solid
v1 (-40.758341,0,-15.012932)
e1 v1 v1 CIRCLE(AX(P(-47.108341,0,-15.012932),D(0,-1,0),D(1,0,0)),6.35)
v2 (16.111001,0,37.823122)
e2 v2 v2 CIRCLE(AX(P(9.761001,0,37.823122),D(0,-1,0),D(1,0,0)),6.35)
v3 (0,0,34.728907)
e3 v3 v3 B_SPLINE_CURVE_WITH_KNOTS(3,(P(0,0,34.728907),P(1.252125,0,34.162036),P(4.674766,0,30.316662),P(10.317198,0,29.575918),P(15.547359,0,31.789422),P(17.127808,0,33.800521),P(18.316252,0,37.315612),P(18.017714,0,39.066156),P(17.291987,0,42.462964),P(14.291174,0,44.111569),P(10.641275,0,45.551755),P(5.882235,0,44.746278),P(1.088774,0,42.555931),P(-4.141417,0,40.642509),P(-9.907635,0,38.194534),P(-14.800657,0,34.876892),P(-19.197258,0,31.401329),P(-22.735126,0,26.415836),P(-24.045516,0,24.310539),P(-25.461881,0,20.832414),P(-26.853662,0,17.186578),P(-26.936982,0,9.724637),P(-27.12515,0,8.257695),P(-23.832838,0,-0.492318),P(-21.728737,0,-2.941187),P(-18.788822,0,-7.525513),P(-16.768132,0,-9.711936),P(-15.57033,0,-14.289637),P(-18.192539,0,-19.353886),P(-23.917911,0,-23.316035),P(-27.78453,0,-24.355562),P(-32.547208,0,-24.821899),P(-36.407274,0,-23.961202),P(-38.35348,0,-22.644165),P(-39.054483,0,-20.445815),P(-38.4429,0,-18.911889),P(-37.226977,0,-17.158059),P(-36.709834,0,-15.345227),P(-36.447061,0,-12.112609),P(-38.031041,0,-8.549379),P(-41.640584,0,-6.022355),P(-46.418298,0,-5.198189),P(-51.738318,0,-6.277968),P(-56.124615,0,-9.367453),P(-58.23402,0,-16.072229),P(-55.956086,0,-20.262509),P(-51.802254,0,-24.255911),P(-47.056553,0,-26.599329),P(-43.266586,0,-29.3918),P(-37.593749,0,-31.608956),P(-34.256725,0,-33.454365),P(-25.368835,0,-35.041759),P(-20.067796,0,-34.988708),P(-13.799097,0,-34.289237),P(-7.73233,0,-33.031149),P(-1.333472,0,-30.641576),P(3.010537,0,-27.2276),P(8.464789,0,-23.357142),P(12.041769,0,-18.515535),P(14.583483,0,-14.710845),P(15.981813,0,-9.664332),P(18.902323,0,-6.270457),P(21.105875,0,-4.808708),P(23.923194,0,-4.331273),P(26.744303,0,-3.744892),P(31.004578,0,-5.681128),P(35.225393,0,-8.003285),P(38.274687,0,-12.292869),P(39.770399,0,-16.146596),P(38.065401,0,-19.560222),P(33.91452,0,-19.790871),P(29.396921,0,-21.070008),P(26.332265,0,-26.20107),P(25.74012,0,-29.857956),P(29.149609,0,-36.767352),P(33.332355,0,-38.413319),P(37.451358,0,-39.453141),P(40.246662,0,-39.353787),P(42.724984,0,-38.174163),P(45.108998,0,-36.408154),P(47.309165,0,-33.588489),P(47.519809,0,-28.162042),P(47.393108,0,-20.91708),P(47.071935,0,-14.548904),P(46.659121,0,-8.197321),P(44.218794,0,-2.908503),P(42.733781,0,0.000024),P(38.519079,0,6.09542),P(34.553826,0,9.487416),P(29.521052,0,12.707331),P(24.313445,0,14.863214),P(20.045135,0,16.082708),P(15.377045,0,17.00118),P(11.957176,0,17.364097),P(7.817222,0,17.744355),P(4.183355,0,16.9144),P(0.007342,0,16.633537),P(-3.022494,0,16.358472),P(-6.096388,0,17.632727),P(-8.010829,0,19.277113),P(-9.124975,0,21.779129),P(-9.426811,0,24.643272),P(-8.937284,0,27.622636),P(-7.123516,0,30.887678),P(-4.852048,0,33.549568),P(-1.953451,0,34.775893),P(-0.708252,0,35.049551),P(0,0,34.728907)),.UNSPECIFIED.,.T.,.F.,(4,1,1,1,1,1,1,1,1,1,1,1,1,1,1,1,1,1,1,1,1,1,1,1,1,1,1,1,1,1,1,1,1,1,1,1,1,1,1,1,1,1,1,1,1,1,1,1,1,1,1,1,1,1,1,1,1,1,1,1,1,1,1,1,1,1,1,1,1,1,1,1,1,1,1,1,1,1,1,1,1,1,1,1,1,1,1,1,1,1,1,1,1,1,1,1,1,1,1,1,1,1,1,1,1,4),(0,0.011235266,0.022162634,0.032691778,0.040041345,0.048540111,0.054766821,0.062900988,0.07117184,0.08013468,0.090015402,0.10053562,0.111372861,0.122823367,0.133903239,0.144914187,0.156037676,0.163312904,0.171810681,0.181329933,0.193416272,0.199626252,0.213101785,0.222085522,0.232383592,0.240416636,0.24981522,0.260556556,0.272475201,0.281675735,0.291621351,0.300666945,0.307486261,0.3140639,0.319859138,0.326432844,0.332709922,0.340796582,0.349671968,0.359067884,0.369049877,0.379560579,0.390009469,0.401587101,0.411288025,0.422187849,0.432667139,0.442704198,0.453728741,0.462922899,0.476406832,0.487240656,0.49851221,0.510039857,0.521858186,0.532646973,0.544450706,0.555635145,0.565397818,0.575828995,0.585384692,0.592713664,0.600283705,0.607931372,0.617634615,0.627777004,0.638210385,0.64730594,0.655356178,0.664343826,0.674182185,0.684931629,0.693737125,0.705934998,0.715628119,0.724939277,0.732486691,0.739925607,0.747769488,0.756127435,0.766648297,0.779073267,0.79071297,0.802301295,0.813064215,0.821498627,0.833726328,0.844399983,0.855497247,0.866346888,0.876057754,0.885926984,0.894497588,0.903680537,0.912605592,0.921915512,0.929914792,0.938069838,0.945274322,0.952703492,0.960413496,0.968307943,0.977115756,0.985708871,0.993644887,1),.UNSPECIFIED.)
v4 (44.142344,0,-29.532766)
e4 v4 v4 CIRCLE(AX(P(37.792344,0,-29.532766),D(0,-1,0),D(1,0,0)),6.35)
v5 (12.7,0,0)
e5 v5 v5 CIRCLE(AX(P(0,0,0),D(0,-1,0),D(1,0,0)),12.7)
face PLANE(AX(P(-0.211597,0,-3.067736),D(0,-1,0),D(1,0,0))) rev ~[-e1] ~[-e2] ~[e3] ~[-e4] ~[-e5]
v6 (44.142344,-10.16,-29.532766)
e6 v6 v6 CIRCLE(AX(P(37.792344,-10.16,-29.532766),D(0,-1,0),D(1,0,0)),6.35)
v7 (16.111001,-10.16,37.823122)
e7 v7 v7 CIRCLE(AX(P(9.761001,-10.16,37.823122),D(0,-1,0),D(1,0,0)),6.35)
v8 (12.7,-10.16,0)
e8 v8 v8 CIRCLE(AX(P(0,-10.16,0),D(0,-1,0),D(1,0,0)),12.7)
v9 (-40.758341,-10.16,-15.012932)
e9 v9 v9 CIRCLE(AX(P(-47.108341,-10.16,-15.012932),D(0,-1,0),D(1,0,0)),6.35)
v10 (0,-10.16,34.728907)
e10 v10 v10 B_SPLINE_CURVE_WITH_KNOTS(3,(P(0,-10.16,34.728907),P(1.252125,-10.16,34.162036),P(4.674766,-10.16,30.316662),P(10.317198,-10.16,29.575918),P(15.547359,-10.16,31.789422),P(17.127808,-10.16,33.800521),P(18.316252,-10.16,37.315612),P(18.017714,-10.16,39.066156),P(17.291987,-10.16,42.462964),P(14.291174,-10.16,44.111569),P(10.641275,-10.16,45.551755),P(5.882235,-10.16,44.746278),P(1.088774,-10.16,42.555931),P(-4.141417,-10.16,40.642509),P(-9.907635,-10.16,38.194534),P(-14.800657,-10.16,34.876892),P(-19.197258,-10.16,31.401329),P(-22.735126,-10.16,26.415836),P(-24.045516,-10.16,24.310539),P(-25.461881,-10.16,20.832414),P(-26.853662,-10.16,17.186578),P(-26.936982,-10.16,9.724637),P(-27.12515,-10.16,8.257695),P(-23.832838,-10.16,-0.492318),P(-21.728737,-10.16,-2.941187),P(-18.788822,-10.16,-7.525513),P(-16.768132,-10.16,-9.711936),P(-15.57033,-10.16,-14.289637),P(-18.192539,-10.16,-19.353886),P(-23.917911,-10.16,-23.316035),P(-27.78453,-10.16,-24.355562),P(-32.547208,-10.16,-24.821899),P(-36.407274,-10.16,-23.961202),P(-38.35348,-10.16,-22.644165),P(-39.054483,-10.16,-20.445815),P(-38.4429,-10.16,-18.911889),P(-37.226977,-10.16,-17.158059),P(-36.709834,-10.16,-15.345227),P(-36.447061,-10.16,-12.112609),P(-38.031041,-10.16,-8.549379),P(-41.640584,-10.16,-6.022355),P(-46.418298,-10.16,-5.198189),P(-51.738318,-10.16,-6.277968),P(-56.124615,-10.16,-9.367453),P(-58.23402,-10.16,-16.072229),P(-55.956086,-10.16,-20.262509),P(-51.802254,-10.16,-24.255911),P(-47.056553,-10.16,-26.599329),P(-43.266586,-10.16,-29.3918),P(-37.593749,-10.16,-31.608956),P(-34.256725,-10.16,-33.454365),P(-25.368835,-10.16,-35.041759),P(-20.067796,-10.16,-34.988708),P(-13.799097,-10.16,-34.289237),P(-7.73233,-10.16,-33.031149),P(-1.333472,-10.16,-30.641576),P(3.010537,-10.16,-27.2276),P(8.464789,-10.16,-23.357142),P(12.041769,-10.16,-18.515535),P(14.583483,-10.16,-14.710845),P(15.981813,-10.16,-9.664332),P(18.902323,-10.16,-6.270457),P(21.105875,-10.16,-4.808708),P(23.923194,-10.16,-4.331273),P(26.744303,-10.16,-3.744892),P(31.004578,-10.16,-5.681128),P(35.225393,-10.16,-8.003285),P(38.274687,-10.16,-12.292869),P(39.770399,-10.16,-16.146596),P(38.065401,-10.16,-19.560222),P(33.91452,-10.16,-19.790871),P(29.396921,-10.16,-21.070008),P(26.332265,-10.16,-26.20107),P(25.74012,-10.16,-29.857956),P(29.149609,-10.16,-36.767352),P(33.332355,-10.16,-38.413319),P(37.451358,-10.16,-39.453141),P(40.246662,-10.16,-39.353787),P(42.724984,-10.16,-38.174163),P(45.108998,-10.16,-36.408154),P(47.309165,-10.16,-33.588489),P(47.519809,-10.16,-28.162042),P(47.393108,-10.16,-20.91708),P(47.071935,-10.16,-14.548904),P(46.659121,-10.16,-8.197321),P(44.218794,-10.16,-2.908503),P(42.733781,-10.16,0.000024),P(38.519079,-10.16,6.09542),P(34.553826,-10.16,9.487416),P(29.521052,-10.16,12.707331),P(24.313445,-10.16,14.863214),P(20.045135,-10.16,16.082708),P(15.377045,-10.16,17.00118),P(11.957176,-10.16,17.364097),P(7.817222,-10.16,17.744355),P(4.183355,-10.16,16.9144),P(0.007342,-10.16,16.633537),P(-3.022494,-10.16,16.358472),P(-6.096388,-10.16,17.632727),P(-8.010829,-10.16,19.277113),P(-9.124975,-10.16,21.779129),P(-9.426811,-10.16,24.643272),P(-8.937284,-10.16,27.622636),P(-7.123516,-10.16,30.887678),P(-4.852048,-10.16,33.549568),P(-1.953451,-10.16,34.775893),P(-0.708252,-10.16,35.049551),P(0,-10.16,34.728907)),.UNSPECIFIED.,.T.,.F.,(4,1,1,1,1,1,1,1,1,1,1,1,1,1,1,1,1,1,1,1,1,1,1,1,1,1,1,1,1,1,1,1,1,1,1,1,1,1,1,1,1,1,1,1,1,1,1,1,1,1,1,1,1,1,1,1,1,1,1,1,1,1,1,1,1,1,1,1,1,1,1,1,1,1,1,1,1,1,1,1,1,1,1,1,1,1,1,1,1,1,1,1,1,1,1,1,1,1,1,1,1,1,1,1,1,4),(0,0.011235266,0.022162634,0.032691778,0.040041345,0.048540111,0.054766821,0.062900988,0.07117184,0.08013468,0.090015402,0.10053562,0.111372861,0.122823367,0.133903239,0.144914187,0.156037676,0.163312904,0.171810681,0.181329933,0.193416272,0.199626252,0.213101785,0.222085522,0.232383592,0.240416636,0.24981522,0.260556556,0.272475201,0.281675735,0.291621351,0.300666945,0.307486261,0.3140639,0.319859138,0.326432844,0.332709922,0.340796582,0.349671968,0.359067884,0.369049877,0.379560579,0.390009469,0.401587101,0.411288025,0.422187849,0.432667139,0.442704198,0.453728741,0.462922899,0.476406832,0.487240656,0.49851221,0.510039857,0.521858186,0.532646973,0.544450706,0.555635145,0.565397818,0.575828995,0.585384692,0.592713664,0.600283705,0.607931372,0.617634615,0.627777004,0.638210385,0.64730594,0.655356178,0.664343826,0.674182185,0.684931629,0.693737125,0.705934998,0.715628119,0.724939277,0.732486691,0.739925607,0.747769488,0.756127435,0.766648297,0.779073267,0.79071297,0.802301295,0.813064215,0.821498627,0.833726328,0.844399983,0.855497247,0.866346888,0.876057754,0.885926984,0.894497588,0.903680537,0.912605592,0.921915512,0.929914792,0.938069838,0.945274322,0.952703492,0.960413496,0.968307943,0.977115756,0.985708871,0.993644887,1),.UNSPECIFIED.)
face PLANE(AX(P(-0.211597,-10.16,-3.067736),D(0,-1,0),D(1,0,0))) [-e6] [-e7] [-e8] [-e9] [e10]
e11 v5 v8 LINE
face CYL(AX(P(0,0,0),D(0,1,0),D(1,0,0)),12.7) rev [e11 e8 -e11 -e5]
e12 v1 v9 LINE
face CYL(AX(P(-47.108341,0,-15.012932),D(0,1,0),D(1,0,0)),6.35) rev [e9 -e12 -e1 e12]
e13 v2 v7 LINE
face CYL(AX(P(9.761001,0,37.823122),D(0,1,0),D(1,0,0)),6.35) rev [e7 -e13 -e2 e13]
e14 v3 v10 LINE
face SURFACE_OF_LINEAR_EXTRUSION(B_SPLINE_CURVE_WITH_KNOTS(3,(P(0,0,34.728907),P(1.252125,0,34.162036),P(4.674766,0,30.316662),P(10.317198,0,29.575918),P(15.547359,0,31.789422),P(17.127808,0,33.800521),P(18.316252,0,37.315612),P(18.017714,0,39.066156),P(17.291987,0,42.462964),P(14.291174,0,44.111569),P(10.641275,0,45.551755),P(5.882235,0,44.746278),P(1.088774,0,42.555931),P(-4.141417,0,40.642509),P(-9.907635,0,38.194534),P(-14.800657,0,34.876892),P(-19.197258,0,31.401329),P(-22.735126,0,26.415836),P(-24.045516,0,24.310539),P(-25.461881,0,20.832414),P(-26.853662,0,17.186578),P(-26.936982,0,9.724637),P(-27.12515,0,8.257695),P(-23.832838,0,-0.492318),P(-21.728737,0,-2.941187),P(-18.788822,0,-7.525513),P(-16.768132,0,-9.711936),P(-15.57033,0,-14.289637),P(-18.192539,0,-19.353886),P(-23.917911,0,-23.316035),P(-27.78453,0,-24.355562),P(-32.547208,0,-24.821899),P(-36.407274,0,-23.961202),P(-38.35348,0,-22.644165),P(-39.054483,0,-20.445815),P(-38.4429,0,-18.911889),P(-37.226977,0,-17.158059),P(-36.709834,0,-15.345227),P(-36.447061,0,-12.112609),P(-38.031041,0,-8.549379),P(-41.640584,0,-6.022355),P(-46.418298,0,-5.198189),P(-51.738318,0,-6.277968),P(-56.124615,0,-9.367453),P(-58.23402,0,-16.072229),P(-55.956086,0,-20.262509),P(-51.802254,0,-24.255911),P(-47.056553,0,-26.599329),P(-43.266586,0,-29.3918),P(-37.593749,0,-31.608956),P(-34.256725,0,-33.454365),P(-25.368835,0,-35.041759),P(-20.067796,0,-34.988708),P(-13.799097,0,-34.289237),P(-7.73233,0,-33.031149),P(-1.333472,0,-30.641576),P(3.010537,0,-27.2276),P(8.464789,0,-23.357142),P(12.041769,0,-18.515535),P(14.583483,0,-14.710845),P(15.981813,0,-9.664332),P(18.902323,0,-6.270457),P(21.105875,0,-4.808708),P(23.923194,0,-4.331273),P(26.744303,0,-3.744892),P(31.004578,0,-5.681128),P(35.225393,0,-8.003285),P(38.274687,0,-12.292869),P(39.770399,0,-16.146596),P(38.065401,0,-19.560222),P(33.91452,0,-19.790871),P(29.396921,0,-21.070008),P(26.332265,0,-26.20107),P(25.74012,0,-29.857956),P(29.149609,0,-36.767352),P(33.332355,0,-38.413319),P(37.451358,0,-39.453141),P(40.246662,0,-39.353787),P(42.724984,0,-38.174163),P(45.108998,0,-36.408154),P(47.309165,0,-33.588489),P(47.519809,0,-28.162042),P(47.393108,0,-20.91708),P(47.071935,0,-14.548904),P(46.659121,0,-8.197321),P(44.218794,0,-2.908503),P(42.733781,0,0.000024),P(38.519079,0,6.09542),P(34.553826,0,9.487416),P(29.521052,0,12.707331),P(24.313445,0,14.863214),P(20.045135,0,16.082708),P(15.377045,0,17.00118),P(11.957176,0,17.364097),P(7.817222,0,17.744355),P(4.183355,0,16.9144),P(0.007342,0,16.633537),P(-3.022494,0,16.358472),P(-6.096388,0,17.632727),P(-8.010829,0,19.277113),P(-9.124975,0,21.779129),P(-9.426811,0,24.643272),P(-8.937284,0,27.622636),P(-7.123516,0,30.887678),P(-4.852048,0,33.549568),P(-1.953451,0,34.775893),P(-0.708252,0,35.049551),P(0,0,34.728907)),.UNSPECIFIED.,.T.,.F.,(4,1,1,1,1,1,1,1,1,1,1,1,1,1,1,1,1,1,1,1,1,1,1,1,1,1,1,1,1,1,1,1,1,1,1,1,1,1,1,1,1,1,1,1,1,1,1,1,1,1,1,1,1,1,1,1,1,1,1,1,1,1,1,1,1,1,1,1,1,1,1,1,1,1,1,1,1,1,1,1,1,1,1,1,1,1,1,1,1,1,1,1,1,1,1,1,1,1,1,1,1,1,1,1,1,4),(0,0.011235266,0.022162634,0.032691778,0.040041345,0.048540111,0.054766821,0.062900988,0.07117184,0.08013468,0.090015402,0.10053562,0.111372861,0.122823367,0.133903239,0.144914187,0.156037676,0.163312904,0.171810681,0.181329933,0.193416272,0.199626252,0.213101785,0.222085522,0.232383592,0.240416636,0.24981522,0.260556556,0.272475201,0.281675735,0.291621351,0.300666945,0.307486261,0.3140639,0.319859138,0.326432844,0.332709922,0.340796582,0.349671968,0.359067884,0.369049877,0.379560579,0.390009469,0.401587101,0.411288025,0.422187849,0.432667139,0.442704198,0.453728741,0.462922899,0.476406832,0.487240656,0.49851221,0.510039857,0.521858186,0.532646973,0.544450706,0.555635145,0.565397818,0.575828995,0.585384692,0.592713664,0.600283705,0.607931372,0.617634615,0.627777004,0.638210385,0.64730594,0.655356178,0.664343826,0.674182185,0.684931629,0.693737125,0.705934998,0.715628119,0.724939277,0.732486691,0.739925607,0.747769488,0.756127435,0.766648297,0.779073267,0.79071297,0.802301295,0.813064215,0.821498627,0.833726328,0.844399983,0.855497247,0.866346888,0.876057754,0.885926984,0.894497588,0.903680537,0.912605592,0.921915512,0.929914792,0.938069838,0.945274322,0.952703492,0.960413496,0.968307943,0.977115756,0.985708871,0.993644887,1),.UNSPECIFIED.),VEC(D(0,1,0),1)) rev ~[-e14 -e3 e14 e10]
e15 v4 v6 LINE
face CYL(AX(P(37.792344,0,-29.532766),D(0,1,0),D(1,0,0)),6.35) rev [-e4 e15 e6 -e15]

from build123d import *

# Parameters (mm, degrees)
F0_R     = 6.35
F0_R_2   = 12.7
F1_DEPTH = 10.16


with BuildPart() as f1:
    # F0 (on Front) → F1 (new body)
    with BuildSketch(Plane.XZ):
        with BuildLine():
            add(Edge.make_bspline(
                [(0, 34.7289068795), (1.2521254161, 34.1620364114), (4.6747658348, 30.3166618548), (10.3171981632, 29.5759179882), (15.547358888, 31.7894219538), (17.1278084161, 33.8005212874), (18.3162520698, 37.3156123019), (18.0177138195, 39.0661556324), (17.2919869373, 42.4629638533), (14.2911743129, 44.111569174), (10.6412750724, 45.5517553799), (5.8822353125, 44.7462778868), (1.088773557, 42.555930884), (-4.1414172988, 40.6425093184), (-9.9076354794, 38.1945340026), (-14.8006570286, 34.8768920389), (-19.197258098, 31.4013289747), (-22.7351255595, 26.4158364657), (-24.0455164156, 24.3105394977), (-25.4618812484, 20.8324144314), (-26.853662001, 17.1865782324), (-26.9369823393, 9.7246373295), (-27.1251500212, 8.2576945313), (-23.8328378019, -0.4923179708), (-21.7287365858, -2.9411866456), (-18.7888223968, -7.5255132262), (-16.7681324295, -9.7119363712), (-15.5703298502, -14.2896368592), (-18.1925391349, -19.3538860847), (-23.91791133, -23.3160352952), (-27.7845299809, -24.355562463), (-32.5472080442, -24.8218989526), (-36.4072741246, -23.961201875), (-38.3534796345, -22.6441646688), (-39.0544825148, -20.4458154325), (-38.4429004433, -18.9118891679), (-37.2269770467, -17.1580594922), (-36.7098336656, -15.3452266873), (-36.4470608699, -12.1126085668), (-38.0310406387, -8.5493789111), (-41.640584012, -6.0223550898), (-46.4182975459, -5.1981894994), (-51.7383176248, -6.2779679375), (-56.1246152378, -9.3674531892), (-58.2340198717, -16.072228565), (-55.9560855717, -20.2625091622), (-51.8022540435, -24.2559107846), (-47.0565530095, -26.5993292051), (-43.2665858667, -29.3918003628), (-37.5937488421, -31.6089562734), (-34.2567252121, -33.4543650011), (-25.3688348828, -35.0417591394), (-20.0677956381, -34.9887075786), (-13.7990971296, -34.2892372128), (-7.7323297087, -33.0311494402), (-1.333471932, -30.6415761805), (3.0105372453, -27.2275997868), (8.4647890831, -23.3571416997), (12.0417693397, -18.51553546), (14.5834834017, -14.7108445123), (15.981812576, -9.6643316255), (18.9023233967, -6.2704567526), (21.1058746249, -4.8087079001), (23.9231936682, -4.3312734585), (26.74430349, -3.7448918742), (31.0045783707, -5.6811280759), (35.2253929635, -8.0032851284), (38.2746872501, -12.2928692474), (39.7703994588, -16.1465958271), (38.0654014344, -19.5602219356), (33.9145195975, -19.7908714053), (29.3969208642, -21.0700078038), (26.3322646396, -26.2010696213), (25.7401196077, -29.8579559195), (29.1496089242, -36.7673516366), (33.3323547047, -38.4133190906), (37.4513581081, -39.4531410969), (40.2466620076, -39.3537866859), (42.7249843953, -38.1741633993), (45.1089980887, -36.4081542686), (47.3091654126, -33.5884888154), (47.5198089114, -28.1620421514), (47.3931077325, -20.9170802505), (47.0719353775, -14.5489040041), (46.6591209475, -8.197321009), (44.2187936579, -2.9085027365), (42.7337808287, 2.44992e-05), (38.5190785709, 6.0954199124), (34.5538258786, 9.4874160951), (29.521051988, 12.7073307248), (24.3134450911, 14.8632140467), (20.0451352251, 16.082708173), (15.3770451223, 17.001180401), (11.957175961, 17.3640971324), (7.8172219788, 17.7443549465), (4.1833552454, 16.9143995894), (0.0073424016, 16.6335366609), (-3.0224936884, 16.3584720611), (-6.0963882384, 17.6327269557), (-8.0108287165, 19.2771125178), (-9.1249749115, 21.7791291726), (-9.4268106596, 24.6432716517), (-8.937284464, 27.6226357854), (-7.1235162053, 30.8876782794), (-4.8520477807, 33.5495682065), (-1.9534505399, 34.7758927009), (-0.7082519092, 35.0495513503), (0, 34.7289068795)],
                knots=[0, 0, 0, 0, 0.0112352662, 0.0221626337, 0.0326917782, 0.0400413447, 0.0485401114, 0.0547668207, 0.0629009884, 0.0711718404, 0.08013468, 0.0900154019, 0.1005356201, 0.1113728605, 0.1228233665, 0.1339032393, 0.1449141873, 0.1560376762, 0.1633129038, 0.1718106808, 0.1813299332, 0.1934162716, 0.1996262524, 0.2131017852, 0.2220855222, 0.2323835917, 0.2404166358, 0.2498152201, 0.2605565562, 0.2724752014, 0.2816757354, 0.2916213509, 0.3006669448, 0.3074862611, 0.3140638997, 0.3198591379, 0.3264328439, 0.3327099222, 0.3407965824, 0.3496719682, 0.3590678838, 0.3690498774, 0.3795605788, 0.3900094695, 0.4015871014, 0.4112880245, 0.4221878494, 0.4326671393, 0.4427041982, 0.4537287409, 0.4629228994, 0.4764068325, 0.4872406555, 0.49851221, 0.5100398565, 0.5218581861, 0.5326469731, 0.5444507058, 0.5556351453, 0.5653978177, 0.5758289952, 0.5853846924, 0.5927136645, 0.6002837054, 0.6079313725, 0.6176346151, 0.6277770042, 0.6382103846, 0.64730594, 0.6553561782, 0.6643438264, 0.6741821849, 0.6849316287, 0.6937371247, 0.7059349983, 0.7156281191, 0.7249392765, 0.7324866909, 0.7399256068, 0.7477694882, 0.756127435, 0.7666482967, 0.7790732673, 0.7907129699, 0.8023012949, 0.8130642149, 0.8214986267, 0.8337263281, 0.8443999828, 0.855497247, 0.8663468877, 0.8760577544, 0.8859269839, 0.8944975883, 0.9036805375, 0.9126055921, 0.9219155121, 0.9299147924, 0.9380698378, 0.945274322, 0.9527034917, 0.9604134962, 0.968307943, 0.9771157563, 0.9857088706, 0.9936448868, 1, 1, 1, 1], degree=3))
        make_face()
        with Locations((-47.1083410084, -15.01293201)):
            Circle(F0_R, mode=Mode.SUBTRACT)
        with Locations((37.7923436463, -29.5327659696)):
            Circle(F0_R, mode=Mode.SUBTRACT)
        Circle(F0_R_2, mode=Mode.SUBTRACT)
        with Locations((9.7610009834, 37.8231219947)):
            Circle(F0_R, mode=Mode.SUBTRACT)
    extrude(amount=F1_DEPTH)


solid = f1.part
